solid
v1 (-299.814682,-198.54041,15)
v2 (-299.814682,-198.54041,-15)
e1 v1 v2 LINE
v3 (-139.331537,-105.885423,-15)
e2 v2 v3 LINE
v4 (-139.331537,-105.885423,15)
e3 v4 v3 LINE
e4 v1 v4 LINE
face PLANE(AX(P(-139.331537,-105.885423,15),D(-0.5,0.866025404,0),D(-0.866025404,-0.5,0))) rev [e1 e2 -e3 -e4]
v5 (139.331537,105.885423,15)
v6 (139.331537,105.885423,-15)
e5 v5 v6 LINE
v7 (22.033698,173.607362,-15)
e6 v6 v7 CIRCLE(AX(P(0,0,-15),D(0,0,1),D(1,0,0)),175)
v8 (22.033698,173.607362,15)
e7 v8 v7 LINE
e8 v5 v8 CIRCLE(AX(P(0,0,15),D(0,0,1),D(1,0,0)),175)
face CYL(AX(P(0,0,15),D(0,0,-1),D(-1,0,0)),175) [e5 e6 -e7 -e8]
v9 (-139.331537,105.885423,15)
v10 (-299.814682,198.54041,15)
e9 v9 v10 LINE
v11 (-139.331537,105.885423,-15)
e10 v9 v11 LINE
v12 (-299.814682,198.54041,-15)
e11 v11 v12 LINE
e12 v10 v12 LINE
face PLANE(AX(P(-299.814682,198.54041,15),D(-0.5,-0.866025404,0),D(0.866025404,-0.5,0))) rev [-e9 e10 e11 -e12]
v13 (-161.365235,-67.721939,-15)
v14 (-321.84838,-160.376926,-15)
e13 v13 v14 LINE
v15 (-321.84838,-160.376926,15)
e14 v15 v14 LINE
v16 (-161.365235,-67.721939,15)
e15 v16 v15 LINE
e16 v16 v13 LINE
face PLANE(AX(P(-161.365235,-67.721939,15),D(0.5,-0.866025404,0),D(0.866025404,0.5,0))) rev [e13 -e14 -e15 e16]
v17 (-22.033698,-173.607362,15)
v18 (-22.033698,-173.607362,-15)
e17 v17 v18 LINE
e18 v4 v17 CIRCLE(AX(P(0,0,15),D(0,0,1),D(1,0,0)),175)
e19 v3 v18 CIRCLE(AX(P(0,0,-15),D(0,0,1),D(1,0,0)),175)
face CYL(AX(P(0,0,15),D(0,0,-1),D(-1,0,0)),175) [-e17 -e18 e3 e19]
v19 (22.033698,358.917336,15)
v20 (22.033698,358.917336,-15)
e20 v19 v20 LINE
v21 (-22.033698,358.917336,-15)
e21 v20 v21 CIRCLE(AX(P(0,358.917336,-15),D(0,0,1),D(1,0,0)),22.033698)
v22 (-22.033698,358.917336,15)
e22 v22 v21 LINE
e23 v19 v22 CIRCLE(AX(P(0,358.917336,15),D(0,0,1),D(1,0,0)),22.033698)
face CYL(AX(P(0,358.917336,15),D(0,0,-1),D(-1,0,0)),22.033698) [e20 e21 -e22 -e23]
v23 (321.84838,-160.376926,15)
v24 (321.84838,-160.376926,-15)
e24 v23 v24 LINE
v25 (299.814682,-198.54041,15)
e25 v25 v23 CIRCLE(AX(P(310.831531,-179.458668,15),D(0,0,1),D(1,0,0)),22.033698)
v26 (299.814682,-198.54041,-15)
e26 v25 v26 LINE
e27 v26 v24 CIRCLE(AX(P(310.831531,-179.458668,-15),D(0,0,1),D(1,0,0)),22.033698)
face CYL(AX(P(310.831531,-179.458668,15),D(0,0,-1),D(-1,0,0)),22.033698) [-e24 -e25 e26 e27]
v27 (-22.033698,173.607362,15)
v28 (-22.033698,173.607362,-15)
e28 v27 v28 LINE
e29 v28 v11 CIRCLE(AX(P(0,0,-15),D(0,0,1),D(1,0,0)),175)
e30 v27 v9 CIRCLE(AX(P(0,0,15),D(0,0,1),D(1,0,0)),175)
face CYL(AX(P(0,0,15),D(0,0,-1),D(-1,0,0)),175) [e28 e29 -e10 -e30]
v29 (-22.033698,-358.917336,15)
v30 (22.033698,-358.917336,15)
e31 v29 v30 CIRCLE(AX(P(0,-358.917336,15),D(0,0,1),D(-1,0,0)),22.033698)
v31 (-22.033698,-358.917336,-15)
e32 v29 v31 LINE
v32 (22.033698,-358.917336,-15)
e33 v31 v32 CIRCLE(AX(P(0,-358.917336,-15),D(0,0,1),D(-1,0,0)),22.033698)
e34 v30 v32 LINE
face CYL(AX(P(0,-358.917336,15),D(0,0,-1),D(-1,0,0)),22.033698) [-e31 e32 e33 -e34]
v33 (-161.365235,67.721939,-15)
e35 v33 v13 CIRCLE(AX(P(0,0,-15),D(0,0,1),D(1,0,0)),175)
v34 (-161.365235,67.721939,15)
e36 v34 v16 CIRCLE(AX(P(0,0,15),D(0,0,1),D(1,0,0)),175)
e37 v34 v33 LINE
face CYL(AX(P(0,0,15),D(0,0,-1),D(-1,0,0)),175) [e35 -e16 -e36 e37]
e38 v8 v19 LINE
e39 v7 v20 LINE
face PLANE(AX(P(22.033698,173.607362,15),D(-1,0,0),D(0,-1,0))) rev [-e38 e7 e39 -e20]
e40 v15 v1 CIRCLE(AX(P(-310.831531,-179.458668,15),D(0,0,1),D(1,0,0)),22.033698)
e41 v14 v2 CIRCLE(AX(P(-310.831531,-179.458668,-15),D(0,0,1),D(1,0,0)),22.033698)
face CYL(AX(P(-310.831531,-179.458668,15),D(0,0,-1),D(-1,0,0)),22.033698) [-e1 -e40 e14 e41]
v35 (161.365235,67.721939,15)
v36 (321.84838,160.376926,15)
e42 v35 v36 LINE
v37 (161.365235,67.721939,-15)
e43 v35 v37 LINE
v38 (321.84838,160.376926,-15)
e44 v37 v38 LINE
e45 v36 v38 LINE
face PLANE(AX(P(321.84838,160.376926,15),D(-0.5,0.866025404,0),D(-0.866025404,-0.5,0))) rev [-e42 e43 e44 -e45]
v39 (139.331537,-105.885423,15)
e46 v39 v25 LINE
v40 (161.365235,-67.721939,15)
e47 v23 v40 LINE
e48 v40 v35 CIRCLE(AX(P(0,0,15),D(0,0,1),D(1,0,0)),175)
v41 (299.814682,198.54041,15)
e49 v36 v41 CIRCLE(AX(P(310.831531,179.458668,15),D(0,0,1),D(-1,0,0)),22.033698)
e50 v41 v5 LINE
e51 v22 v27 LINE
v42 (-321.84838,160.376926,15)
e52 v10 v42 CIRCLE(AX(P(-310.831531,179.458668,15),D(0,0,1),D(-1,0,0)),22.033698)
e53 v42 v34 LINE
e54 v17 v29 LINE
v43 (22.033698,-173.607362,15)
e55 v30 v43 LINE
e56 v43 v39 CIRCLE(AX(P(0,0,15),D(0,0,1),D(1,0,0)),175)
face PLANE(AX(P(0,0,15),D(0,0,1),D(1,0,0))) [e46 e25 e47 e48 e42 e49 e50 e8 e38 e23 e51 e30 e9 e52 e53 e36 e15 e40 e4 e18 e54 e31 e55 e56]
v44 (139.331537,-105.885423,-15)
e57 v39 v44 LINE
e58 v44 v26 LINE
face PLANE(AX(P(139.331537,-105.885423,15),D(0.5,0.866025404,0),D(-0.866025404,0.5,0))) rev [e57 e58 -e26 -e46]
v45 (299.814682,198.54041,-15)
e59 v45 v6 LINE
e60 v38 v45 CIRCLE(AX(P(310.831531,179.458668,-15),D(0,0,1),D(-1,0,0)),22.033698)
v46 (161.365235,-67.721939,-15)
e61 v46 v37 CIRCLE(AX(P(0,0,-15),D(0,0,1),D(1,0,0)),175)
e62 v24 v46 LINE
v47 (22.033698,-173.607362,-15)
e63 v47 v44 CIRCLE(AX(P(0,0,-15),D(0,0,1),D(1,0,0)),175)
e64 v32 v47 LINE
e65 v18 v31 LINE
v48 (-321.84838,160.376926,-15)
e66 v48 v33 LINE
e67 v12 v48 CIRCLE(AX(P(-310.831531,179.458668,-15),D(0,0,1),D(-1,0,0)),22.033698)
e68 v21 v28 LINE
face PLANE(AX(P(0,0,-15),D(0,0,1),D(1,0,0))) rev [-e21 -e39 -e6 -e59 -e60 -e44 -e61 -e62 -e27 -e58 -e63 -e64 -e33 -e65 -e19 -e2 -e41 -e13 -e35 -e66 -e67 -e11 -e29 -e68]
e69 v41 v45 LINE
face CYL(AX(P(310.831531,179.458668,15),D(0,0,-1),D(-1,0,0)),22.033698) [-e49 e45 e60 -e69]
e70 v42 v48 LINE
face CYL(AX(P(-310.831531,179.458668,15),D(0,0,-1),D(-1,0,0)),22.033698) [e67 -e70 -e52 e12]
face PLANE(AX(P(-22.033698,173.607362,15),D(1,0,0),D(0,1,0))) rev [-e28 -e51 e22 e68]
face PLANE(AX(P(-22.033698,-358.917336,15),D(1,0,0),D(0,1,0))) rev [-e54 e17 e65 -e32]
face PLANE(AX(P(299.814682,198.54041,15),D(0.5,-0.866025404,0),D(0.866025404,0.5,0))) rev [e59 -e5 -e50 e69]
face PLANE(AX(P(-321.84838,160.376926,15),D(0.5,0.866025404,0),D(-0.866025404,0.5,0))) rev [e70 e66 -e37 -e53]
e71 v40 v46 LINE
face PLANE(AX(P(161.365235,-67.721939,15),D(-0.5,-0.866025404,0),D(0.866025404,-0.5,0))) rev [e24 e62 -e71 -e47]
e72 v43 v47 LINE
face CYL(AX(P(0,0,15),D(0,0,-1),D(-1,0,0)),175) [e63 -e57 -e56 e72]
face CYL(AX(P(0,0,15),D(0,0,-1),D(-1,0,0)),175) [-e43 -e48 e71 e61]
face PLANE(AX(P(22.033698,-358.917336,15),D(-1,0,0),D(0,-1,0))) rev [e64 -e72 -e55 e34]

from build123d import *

# Parameters (mm, degrees)
BOSS_EXTRUDE1_DEPTH = 15


with BuildPart() as part:
    # Sketch1 → Boss-Extrude1 (new, symmetric)
    with BuildSketch(Plane.XY):
        with BuildLine():
            Line((-299.814682012, 198.540409756), (-139.331537098, 105.88542284))
            ThreePointArc((-139.331537098, 105.88542284), (-87.5, 151.554445662), (-22.033697521, 173.607362095))
            Line((-22.033697521, 173.607362095), (-22.033697521, 358.917335928))
            ThreePointArc((-22.033697521, 358.917335928), (0, 380.951033449), (22.033697521, 358.917335928))
            Line((22.033697521, 358.917335928), (22.033697521, 173.607362095))
            ThreePointArc((22.033697521, 173.607362095), (87.5, 151.554445662), (139.331537098, 105.88542284))
            Line((139.331537098, 105.88542284), (299.814682012, 198.540409756))
            ThreePointArc((299.814682012, 198.540409756), (329.913272565, 190.475516725), (321.848379533, 160.376926172))
            Line((321.848379533, 160.376926172), (161.365234619, 67.721939255))
            ThreePointArc((161.365234619, 67.721939255), (175, 0), (161.365234619, -67.721939255))
            Line((161.365234619, -67.721939255), (321.848379533, -160.376926172))
            ThreePointArc((321.848379533, -160.376926172), (329.913272565, -190.475516725), (299.814682012, -198.540409756))
            Line((299.814682012, -198.540409756), (139.331537098, -105.88542284))
            ThreePointArc((139.331537098, -105.88542284), (87.5, -151.554445662), (22.033697521, -173.607362095))
            Line((22.033697521, -173.607362095), (22.033697521, -358.917335928))
            ThreePointArc((22.033697521, -358.917335928), (0, -380.951033449), (-22.033697521, -358.917335928))
            Line((-22.033697521, -358.917335928), (-22.033697521, -173.607362095))
            ThreePointArc((-22.033697521, -173.607362095), (-87.5, -151.554445662), (-139.331537098, -105.88542284))
            Line((-139.331537098, -105.88542284), (-299.814682012, -198.540409756))
            ThreePointArc((-299.814682012, -198.540409756), (-329.913272565, -190.475516725), (-321.848379533, -160.376926172))
            Line((-321.848379533, -160.376926172), (-161.365234619, -67.721939255))
            ThreePointArc((-161.365234619, -67.721939255), (-175, 0), (-161.365234619, 67.721939255))
            Line((-161.365234619, 67.721939255), (-321.848379533, 160.376926172))
            ThreePointArc((-321.848379533, 160.376926172), (-329.913272565, 190.475516725), (-299.814682012, 198.540409756))
        make_face()
    extrude(amount=BOSS_EXTRUDE1_DEPTH, both=True)


solid = part.part
